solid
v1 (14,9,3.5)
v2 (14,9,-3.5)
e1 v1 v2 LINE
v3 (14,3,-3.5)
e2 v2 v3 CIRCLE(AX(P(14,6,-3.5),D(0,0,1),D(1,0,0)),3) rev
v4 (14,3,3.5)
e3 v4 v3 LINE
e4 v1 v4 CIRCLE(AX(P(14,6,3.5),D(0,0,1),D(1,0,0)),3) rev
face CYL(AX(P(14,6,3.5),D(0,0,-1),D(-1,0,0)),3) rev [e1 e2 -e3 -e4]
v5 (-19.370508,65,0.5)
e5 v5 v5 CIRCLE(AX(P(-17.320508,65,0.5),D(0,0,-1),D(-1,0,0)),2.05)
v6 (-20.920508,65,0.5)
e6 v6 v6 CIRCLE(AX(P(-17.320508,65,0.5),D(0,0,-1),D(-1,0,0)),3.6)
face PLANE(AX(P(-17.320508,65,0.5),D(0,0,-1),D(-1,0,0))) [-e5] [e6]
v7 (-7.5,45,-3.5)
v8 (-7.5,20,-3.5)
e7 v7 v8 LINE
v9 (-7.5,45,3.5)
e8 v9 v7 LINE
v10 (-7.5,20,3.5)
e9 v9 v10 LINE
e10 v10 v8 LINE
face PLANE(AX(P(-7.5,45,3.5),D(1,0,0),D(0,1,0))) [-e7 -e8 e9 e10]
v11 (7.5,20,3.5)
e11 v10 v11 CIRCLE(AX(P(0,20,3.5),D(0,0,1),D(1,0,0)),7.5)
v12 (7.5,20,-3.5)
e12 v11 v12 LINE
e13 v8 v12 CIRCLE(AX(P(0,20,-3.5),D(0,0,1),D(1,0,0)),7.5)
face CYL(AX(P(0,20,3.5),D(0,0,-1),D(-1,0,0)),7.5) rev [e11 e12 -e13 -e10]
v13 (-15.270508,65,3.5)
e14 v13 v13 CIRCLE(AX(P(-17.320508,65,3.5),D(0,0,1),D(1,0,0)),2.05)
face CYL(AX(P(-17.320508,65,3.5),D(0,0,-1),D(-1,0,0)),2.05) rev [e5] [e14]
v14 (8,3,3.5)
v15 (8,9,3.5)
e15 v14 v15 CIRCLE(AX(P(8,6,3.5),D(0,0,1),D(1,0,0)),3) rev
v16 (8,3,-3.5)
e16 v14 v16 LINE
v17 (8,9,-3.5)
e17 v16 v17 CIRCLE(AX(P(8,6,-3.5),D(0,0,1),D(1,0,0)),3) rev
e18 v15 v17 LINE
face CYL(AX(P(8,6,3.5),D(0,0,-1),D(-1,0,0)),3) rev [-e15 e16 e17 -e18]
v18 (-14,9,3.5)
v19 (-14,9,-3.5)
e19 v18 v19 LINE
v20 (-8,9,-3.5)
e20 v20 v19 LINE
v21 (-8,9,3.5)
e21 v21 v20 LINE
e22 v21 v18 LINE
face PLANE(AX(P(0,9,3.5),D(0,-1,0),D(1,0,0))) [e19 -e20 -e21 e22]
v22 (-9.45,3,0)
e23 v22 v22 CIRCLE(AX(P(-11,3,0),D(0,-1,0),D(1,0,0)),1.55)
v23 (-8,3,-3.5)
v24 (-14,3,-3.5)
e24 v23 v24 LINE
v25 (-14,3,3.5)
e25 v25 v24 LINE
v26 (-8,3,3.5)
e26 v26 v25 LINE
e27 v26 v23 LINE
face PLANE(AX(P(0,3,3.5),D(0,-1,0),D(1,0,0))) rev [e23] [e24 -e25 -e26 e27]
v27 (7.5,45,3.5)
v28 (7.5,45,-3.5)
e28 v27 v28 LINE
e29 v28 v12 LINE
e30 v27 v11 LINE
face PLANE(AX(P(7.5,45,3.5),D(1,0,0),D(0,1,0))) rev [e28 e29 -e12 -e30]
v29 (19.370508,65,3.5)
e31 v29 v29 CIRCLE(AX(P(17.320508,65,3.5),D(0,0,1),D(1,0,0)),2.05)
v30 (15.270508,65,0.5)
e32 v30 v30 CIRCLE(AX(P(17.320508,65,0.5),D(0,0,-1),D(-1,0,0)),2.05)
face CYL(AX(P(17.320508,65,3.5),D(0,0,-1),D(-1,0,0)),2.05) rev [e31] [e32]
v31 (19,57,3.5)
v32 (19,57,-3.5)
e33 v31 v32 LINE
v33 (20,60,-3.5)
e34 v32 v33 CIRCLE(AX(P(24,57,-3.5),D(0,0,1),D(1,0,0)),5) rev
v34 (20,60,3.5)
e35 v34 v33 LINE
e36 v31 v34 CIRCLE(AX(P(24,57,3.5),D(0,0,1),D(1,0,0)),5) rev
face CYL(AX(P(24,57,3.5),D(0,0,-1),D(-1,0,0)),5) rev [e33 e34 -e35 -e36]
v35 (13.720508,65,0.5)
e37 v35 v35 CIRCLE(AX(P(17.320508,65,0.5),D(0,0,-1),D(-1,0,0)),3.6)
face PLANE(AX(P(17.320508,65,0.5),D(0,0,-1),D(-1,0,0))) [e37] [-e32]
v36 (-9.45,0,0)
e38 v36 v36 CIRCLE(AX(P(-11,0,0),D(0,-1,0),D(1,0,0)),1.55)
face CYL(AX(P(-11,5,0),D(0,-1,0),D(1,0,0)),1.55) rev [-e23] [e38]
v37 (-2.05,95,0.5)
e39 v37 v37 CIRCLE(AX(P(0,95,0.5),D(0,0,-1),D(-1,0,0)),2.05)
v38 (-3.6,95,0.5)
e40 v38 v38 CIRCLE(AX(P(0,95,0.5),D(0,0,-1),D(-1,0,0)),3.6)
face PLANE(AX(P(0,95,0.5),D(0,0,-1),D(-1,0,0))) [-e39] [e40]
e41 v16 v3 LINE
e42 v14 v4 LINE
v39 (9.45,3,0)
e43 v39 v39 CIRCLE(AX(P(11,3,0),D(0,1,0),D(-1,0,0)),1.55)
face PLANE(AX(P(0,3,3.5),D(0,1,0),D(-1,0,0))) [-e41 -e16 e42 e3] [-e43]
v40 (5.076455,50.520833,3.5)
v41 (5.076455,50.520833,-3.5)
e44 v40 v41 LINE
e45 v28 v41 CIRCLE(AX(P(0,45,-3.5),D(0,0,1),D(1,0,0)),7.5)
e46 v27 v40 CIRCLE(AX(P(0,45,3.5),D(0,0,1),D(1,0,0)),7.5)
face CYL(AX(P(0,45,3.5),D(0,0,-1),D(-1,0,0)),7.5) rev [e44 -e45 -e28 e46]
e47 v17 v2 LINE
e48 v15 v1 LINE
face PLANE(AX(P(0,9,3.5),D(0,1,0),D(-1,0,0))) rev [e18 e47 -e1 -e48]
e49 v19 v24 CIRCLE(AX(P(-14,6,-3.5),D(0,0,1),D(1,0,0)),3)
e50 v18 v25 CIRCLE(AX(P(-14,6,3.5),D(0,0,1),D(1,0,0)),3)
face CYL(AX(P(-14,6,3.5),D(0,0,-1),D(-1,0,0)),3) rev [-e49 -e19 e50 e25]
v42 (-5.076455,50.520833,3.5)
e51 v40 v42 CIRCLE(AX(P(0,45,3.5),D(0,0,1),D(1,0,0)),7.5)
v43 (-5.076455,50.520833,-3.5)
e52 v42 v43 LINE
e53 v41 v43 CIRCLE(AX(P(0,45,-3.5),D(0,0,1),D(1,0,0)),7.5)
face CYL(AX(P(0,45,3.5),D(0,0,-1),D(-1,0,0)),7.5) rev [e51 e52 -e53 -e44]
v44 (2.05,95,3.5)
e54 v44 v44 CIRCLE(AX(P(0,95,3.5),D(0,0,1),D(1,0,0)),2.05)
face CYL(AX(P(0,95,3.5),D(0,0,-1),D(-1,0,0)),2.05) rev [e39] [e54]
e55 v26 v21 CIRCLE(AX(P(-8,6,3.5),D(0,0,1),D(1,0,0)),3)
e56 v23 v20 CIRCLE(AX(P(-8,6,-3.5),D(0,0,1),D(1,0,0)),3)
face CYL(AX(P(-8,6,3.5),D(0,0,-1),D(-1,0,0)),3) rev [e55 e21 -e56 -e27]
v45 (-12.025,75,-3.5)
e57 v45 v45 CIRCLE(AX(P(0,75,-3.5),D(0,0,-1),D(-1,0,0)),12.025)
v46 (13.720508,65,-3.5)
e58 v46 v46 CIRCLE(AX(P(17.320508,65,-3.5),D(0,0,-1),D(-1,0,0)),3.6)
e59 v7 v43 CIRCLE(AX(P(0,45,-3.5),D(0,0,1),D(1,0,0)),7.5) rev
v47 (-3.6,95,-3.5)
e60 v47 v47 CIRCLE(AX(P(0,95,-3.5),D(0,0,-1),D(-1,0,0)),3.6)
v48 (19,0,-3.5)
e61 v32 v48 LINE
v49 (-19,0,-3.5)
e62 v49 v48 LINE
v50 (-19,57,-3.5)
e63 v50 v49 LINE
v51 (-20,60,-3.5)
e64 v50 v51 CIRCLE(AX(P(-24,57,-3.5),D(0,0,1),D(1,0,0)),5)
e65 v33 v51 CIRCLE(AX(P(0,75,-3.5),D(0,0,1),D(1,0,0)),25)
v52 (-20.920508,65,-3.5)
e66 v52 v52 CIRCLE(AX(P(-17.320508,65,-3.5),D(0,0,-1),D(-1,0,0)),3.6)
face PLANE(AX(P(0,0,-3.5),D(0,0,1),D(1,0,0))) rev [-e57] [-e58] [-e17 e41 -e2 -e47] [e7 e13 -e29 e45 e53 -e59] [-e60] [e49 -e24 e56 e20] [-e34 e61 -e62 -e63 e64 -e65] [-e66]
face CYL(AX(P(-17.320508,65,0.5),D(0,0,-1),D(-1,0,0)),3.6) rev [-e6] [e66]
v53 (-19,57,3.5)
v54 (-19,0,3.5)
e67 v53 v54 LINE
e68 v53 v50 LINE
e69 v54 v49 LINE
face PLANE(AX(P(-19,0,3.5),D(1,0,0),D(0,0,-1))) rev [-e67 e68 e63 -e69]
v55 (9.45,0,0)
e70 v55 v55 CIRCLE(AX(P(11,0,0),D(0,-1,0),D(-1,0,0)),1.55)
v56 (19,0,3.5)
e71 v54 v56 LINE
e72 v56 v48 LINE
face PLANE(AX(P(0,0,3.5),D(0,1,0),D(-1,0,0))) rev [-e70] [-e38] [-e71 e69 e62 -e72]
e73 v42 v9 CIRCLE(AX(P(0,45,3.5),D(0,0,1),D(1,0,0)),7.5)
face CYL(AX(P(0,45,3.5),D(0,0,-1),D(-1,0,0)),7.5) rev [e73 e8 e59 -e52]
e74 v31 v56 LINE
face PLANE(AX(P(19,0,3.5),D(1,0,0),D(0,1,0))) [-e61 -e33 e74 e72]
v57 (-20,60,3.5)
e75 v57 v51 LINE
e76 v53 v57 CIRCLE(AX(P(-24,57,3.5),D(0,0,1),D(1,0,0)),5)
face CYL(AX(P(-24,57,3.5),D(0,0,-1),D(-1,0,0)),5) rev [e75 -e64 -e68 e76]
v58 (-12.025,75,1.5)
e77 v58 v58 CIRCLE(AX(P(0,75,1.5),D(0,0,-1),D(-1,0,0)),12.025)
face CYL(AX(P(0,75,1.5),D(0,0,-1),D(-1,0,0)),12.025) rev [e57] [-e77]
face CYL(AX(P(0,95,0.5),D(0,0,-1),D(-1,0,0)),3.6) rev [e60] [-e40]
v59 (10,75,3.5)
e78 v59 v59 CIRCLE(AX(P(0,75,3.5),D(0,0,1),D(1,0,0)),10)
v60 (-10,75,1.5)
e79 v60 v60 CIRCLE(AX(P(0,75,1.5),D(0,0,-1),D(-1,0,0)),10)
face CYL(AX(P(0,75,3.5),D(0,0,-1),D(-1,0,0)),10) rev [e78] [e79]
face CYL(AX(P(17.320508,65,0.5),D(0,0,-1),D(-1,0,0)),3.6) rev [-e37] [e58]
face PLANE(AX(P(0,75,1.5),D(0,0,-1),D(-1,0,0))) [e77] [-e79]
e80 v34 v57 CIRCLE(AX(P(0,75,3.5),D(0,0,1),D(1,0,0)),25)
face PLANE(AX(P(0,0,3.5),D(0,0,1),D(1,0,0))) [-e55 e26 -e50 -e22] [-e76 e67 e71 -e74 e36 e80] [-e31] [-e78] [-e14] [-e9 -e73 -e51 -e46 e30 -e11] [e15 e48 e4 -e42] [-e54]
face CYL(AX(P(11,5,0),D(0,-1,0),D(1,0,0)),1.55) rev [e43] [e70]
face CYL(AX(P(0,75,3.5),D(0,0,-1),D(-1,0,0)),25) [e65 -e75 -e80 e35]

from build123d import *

# Parameters (mm, degrees)
SKETCH_1_R         = 2.05
SKETCH_1_R_2       = 10
EXTRUDE_1_DEPTH    = 3.5
SKETCH1_R          = 12.025
CUT_EXTRUDE2_DEPTH = 5
SKETCH3_R          = 3.6
CUT_EXTRUDE4_DEPTH = 4
SKETCH4_R          = 1.55
CUT_EXTRUDE5_DEPTH = 5


with BuildPart() as part:
    # 草图1 → 凸台-拉伸1 (new, symmetric)
    with BuildSketch(Plane.XY):
        with BuildLine():
            Line((-19, 0), (19, 0))
            Line((19, 0), (19, 57))
            ThreePointArc((19, 57), (19.25658351, 58.58113883), (20, 60))
            ThreePointArc((20, 60), (0, 100), (-20, 60))
            ThreePointArc((-20, 60), (-19.25658351, 58.58113883), (-19, 57))
            Line((-19, 57), (-19, 0))
        make_face()
        with BuildLine():
            Line((7.5, 45), (7.5, 20))
            ThreePointArc((7.5, 20), (0, 12.5), (-7.5, 20))
            Line((-7.5, 20), (-7.5, 45))
            ThreePointArc((-7.5, 45), (-5.303300859, 50.303300859), (0, 52.5))
            ThreePointArc((0, 52.5), (5.303300859, 50.303300859), (7.5, 45))
        make_face(mode=Mode.SUBTRACT)
        with BuildLine():
            ThreePointArc((-8, 9), (-5, 6), (-8, 3))
            Line((-8, 3), (-14, 3))
            ThreePointArc((-14, 3), (-17, 6), (-14, 9))
            Line((-14, 9), (-8, 9))
        make_face(mode=Mode.SUBTRACT)
        with BuildLine():
            ThreePointArc((8, 3), (5, 6), (8, 9))
            Line((8, 9), (14, 9))
            ThreePointArc((14, 9), (17, 6), (14, 3))
            Line((14, 3), (8, 3))
        make_face(mode=Mode.SUBTRACT)
        with Locations((0, 95)):
            Circle(SKETCH_1_R, mode=Mode.SUBTRACT)
        with Locations((-17.320508076, 65)):
            Circle(SKETCH_1_R, mode=Mode.SUBTRACT)
        with Locations((0, 75)):
            Circle(SKETCH_1_R_2, mode=Mode.SUBTRACT)
        with Locations((17.320508076, 65)):
            Circle(SKETCH_1_R, mode=Mode.SUBTRACT)
    extrude(amount=EXTRUDE_1_DEPTH, both=True)

    # Sketch1 → Cut-Extrude2 (cut)
    with BuildSketch(Plane(origin=(0, 0, -3.5), x_dir=(-1, 0, 0), z_dir=(0, 0, -1))):
        with Locations((0, 75)):
            Circle(SKETCH1_R)
    extrude(amount=-CUT_EXTRUDE2_DEPTH, mode=Mode.SUBTRACT)

    # Sketch3 → Cut-Extrude4 (cut)
    with BuildSketch(Plane(origin=(0, 0, -3.5), x_dir=(-1, 0, 0), z_dir=(0, 0, -1))):
        with Locations((0, 95)):
            Circle(SKETCH3_R)
        with Locations((17.320508076, 65)):
            Circle(SKETCH3_R)
        with Locations((-17.320508076, 65)):
            Circle(SKETCH3_R)
    extrude(amount=-CUT_EXTRUDE4_DEPTH, mode=Mode.SUBTRACT)

    # Sketch4 → Cut-Extrude5 (cut)
    with BuildSketch(Plane(origin=(0, 0, 0), x_dir=(-1, 0, 0), z_dir=(0, -1, 0))):
        with Locations(Location((11, 0, 0), (0, 0, 180))):
            Circle(SKETCH4_R)
        with Locations((-11, 0)):
            Circle(SKETCH4_R)
    extrude(amount=-CUT_EXTRUDE5_DEPTH, mode=Mode.SUBTRACT)


solid = part.part
